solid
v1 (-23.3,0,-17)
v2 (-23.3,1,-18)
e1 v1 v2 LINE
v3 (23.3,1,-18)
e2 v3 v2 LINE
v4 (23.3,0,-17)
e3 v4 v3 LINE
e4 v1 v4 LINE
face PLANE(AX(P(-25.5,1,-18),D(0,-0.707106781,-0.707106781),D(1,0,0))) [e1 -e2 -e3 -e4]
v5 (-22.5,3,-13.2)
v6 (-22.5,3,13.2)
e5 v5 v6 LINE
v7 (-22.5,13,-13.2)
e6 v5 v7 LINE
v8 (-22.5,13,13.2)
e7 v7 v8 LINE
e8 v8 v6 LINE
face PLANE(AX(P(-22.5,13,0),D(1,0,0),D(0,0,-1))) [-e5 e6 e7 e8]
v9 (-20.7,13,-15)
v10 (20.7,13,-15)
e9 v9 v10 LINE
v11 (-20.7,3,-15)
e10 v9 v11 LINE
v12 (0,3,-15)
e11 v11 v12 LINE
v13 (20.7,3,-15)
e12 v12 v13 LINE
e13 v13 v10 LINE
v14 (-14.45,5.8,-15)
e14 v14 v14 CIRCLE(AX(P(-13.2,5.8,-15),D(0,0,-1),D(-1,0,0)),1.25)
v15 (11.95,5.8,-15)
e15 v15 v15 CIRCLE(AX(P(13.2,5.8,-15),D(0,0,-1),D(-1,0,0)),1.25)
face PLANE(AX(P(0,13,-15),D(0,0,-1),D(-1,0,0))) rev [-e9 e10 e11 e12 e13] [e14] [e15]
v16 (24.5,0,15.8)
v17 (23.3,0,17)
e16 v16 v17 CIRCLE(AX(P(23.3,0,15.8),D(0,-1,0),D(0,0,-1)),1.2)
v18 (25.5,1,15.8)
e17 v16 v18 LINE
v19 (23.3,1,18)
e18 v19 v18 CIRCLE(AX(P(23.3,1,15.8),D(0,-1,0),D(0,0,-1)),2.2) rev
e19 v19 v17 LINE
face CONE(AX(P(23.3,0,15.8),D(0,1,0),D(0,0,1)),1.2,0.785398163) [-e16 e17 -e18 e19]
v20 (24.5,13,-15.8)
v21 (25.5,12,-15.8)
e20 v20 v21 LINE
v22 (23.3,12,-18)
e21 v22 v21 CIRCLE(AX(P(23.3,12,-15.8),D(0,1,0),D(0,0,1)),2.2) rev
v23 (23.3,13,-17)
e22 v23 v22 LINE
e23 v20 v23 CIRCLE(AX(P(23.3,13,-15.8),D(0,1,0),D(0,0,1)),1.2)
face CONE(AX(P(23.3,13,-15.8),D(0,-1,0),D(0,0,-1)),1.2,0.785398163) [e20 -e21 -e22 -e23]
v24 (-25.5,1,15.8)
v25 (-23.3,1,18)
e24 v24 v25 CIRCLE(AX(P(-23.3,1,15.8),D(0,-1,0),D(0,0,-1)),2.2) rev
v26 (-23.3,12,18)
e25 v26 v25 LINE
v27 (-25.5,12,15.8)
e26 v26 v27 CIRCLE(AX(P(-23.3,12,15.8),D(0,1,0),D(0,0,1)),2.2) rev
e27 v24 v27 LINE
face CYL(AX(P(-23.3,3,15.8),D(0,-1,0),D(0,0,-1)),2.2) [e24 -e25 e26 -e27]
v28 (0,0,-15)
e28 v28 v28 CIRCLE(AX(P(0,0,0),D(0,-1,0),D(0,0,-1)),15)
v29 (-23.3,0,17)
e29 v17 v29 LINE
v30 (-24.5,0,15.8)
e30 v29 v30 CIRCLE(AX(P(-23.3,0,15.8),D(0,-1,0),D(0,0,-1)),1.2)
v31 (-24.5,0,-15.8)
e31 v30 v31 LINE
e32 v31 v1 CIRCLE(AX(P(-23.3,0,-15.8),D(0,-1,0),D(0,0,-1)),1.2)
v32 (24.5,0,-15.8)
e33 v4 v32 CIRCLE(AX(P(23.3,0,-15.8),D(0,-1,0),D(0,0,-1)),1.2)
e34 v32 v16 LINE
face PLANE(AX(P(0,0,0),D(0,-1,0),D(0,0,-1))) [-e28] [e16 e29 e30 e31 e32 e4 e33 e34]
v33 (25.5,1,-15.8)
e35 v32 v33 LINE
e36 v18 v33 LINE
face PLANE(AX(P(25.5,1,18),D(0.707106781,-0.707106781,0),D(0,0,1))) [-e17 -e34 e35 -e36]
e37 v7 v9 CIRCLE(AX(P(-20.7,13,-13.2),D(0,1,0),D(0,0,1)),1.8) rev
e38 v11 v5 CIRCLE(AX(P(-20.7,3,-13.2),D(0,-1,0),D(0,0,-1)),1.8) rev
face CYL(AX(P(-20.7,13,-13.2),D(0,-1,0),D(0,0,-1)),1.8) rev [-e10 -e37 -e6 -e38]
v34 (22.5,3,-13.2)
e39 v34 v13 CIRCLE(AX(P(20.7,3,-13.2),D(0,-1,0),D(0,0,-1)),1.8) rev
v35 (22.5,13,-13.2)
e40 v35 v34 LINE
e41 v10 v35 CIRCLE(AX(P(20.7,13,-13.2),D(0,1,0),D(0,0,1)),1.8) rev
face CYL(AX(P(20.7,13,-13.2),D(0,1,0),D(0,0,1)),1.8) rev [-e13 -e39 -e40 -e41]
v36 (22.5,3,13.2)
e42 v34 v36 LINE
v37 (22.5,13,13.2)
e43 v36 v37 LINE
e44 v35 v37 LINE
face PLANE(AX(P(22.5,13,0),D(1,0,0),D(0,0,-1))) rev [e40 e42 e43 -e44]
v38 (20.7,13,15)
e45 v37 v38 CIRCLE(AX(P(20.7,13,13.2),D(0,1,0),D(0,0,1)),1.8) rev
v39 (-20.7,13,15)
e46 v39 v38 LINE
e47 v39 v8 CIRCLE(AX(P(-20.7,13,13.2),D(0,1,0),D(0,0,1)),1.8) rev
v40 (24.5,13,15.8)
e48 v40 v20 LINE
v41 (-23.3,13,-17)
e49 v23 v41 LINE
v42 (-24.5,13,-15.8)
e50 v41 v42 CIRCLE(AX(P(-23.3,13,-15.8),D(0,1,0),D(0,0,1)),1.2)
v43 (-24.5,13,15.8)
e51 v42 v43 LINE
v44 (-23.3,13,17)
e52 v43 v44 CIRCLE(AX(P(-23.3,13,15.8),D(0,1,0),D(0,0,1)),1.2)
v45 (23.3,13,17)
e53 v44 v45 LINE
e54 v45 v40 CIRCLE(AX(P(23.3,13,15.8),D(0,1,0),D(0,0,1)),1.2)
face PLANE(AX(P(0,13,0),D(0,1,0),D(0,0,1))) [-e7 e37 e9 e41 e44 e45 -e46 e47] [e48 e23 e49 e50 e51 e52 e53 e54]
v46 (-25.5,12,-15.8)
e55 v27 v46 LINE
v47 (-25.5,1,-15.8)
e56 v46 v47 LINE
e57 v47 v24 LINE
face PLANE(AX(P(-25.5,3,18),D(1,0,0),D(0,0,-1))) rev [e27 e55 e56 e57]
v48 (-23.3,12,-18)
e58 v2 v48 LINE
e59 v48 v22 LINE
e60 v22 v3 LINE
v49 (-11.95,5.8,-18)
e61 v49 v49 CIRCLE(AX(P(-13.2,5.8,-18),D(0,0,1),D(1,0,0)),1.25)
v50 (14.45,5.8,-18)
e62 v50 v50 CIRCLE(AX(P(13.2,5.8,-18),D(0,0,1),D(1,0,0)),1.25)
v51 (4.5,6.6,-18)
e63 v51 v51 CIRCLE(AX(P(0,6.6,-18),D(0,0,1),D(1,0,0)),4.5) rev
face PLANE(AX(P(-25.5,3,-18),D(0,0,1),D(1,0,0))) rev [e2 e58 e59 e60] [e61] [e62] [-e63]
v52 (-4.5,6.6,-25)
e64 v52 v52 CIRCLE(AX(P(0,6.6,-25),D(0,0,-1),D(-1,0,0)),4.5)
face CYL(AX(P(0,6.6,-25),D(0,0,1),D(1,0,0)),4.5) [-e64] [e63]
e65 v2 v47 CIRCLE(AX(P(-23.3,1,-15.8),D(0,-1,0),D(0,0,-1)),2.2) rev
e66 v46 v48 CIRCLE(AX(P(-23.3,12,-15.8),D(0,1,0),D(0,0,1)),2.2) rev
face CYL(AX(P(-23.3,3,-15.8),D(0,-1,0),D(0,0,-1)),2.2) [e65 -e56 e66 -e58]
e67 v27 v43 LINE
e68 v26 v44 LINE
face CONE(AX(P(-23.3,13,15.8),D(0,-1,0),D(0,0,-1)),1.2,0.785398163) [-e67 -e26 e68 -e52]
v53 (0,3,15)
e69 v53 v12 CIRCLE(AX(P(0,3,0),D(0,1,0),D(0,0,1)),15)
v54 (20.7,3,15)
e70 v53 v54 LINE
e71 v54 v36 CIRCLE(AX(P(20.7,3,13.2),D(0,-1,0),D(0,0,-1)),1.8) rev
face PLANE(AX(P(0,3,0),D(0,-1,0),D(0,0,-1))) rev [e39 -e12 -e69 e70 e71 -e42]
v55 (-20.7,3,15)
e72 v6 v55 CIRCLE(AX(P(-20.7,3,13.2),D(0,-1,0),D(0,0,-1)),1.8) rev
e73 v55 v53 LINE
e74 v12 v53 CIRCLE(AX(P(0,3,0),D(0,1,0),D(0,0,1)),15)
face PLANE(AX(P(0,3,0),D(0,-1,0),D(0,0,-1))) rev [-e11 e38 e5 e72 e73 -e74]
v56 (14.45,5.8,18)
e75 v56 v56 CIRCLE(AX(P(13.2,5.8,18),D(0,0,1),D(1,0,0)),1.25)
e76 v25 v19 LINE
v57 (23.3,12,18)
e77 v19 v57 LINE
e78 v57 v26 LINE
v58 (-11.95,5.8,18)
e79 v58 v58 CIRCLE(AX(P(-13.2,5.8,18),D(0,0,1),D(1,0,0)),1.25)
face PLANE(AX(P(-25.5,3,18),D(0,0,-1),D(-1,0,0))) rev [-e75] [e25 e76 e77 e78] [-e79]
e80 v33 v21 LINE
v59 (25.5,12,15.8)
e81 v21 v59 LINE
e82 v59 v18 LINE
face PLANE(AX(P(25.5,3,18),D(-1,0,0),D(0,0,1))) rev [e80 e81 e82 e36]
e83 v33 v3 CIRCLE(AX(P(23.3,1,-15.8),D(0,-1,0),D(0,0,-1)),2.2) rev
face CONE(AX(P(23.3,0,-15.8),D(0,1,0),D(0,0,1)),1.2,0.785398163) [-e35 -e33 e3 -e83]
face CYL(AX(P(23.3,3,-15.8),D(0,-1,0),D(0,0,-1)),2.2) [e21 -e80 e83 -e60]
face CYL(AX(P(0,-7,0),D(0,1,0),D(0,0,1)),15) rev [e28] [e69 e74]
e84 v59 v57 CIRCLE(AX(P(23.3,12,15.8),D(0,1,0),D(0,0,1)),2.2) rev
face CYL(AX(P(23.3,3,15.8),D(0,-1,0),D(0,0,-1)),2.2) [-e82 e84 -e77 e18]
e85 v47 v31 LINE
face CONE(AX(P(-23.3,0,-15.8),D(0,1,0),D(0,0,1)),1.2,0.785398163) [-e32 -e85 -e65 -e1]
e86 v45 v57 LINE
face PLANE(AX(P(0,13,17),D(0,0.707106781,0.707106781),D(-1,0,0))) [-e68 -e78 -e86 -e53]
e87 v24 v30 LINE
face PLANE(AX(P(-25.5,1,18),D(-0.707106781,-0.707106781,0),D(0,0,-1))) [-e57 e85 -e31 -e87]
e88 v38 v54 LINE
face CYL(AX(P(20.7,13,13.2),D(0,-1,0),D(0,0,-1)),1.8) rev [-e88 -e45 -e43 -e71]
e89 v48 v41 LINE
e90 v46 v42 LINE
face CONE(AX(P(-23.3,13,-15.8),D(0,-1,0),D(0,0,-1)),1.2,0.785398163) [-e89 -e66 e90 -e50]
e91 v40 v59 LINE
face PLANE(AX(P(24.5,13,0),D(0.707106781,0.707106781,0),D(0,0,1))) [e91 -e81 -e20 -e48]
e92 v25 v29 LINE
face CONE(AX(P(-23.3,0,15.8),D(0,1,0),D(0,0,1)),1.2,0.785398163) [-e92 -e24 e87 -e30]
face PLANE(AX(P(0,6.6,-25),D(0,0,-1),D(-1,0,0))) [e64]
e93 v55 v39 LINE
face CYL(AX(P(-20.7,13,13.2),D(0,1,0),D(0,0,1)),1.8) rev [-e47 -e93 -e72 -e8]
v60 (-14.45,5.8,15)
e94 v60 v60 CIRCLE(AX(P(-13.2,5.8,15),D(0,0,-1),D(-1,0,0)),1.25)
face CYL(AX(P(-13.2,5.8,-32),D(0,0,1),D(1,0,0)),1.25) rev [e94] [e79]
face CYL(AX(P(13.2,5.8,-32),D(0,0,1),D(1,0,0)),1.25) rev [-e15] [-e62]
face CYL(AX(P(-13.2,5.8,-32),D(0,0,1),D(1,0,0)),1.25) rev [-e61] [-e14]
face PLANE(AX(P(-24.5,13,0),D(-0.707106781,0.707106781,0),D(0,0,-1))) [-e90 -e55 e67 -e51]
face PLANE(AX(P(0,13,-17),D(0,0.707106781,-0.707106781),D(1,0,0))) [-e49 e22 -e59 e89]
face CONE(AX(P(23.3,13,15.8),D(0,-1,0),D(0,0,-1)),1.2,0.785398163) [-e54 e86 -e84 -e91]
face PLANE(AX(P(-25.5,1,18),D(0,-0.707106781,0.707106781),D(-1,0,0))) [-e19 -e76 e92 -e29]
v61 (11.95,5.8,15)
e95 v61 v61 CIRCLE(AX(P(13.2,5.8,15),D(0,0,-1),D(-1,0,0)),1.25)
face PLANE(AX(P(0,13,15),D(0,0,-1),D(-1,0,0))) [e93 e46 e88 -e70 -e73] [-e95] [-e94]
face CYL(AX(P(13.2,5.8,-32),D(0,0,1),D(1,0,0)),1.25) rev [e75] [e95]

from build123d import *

# Parameters (mm, degrees)
SKETCH1_W           = 51
SKETCH1_H           = 36
BOSS_EXTRUDE1_DEPTH = 3
SKETCH2_W           = 45
SKETCH2_H           = 30
BOSS_EXTRUDE2_DEPTH = 10
FILLET1_R           = 1.8
FILLET2_R           = 2.2
CHAMFER1_SIZE       = 1
SKETCH3_R           = 15
CUT_EXTRUDE1_DEPTH  = 10
SKETCH4_R           = 1.25
CUT_EXTRUDE2_DEPTH  = 50
CHAMFER2_SIZE       = 1
SKETCH5_R           = 4.5
BOSS_EXTRUDE3_DEPTH = 7


with BuildPart() as part:
    # Sketch1 → Boss-Extrude1 (new body)
    with BuildSketch(Plane(origin=(0, 0, 0), x_dir=(1, 0, 0), z_dir=(0, 1, 0))):
        Rectangle(SKETCH1_W, SKETCH1_H)
    extrude(amount=BOSS_EXTRUDE1_DEPTH)

    # Sketch2 → Boss-Extrude2 (add)
    with BuildSketch(Plane(origin=(0, 3, 0), x_dir=(1, 0, 0), z_dir=(0, 1, 0))):
        Polygon((-22.5, 18), (-25.5, 18), (-25.5, 15), (-25.5, -15), (-25.5, -18), (-22.5, -18), (22.5, -18), (25.5, -18), (25.5, -15), (25.5, 15), (25.5, 18), (22.5, 18), align=None)
        Rectangle(SKETCH2_W, SKETCH2_H, mode=Mode.SUBTRACT)
    extrude(amount=BOSS_EXTRUDE2_DEPTH)

    # Fillet1
    fillet1_edges = [part.edges().sort_by_distance(p)[0] for p in [
        (22.5, 8, 15),
        (-22.5, 8, 15),
        (-22.5, 8, -15),
        (22.5, 8, -15),
    ]]
    fillet(fillet1_edges, radius=FILLET1_R)

    # Fillet2
    fillet2_edges = [part.edges().sort_by_distance(p)[0] for p in [
        (25.5, 6.5, 18),
        (-25.5, 6.5, 18),
        (-25.5, 6.5, -18),
        (25.5, 6.5, -18),
    ]]
    fillet(fillet2_edges, radius=FILLET2_R)

    # Chamfer1
    chamfer1_edges = [part.edges().sort_by_distance(p)[0] for p in [
        (-25.5, 0, 0),
        (25.5, 0, 0),
        (0, 0, 18),
        (0, 0, -18),
        (24.855634919, 0, 17.355634919),
        (24.855634919, 0, -17.355634919),
        (-24.855634919, 0, 17.355634919),
        (-24.855634919, 0, -17.355634919),
    ]]
    chamfer(chamfer1_edges, length=CHAMFER1_SIZE)

    # Sketch3 → Cut-Extrude1 (cut)
    with BuildSketch(Plane(origin=(0, 3, 0), x_dir=(1, 0, 0), z_dir=(0, 1, 0))):
        with Locations(Location((0, 0, 0), (0, 0, 90))):
            Circle(SKETCH3_R)
    extrude(amount=-CUT_EXTRUDE1_DEPTH, mode=Mode.SUBTRACT)

    # Sketch4 → Cut-Extrude2 (cut)
    with BuildSketch(Plane.XY.offset(18)):
        with Locations((-13.2, 5.8)):
            Circle(SKETCH4_R)
        with Locations((13.2, 5.8)):
            Circle(SKETCH4_R)
    extrude(amount=-CUT_EXTRUDE2_DEPTH, mode=Mode.SUBTRACT)

    # Chamfer2
    chamfer2_edges = [part.edges().sort_by_distance(p)[0] for p in [
        (-25.5, 13, 0),
        (0, 13, -18),
        (0, 13, 18),
        (25.5, 13, 0),
        (24.855634919, 13, 17.355634919),
        (24.855634919, 13, -17.355634919),
        (-24.855634919, 13, 17.355634919),
        (-24.855634919, 13, -17.355634919),
    ]]
    chamfer(chamfer2_edges, length=CHAMFER2_SIZE)

    # Sketch5 → Boss-Extrude3 (add)
    with BuildSketch(Plane(origin=(0, 0, -18), x_dir=(-1, 0, 0), z_dir=(0, 0, -1))):
        with Locations(Location((0, 6.6, 0), (0, 0, 180))):
            Circle(SKETCH5_R)
    extrude(amount=BOSS_EXTRUDE3_DEPTH)


solid = part.part
